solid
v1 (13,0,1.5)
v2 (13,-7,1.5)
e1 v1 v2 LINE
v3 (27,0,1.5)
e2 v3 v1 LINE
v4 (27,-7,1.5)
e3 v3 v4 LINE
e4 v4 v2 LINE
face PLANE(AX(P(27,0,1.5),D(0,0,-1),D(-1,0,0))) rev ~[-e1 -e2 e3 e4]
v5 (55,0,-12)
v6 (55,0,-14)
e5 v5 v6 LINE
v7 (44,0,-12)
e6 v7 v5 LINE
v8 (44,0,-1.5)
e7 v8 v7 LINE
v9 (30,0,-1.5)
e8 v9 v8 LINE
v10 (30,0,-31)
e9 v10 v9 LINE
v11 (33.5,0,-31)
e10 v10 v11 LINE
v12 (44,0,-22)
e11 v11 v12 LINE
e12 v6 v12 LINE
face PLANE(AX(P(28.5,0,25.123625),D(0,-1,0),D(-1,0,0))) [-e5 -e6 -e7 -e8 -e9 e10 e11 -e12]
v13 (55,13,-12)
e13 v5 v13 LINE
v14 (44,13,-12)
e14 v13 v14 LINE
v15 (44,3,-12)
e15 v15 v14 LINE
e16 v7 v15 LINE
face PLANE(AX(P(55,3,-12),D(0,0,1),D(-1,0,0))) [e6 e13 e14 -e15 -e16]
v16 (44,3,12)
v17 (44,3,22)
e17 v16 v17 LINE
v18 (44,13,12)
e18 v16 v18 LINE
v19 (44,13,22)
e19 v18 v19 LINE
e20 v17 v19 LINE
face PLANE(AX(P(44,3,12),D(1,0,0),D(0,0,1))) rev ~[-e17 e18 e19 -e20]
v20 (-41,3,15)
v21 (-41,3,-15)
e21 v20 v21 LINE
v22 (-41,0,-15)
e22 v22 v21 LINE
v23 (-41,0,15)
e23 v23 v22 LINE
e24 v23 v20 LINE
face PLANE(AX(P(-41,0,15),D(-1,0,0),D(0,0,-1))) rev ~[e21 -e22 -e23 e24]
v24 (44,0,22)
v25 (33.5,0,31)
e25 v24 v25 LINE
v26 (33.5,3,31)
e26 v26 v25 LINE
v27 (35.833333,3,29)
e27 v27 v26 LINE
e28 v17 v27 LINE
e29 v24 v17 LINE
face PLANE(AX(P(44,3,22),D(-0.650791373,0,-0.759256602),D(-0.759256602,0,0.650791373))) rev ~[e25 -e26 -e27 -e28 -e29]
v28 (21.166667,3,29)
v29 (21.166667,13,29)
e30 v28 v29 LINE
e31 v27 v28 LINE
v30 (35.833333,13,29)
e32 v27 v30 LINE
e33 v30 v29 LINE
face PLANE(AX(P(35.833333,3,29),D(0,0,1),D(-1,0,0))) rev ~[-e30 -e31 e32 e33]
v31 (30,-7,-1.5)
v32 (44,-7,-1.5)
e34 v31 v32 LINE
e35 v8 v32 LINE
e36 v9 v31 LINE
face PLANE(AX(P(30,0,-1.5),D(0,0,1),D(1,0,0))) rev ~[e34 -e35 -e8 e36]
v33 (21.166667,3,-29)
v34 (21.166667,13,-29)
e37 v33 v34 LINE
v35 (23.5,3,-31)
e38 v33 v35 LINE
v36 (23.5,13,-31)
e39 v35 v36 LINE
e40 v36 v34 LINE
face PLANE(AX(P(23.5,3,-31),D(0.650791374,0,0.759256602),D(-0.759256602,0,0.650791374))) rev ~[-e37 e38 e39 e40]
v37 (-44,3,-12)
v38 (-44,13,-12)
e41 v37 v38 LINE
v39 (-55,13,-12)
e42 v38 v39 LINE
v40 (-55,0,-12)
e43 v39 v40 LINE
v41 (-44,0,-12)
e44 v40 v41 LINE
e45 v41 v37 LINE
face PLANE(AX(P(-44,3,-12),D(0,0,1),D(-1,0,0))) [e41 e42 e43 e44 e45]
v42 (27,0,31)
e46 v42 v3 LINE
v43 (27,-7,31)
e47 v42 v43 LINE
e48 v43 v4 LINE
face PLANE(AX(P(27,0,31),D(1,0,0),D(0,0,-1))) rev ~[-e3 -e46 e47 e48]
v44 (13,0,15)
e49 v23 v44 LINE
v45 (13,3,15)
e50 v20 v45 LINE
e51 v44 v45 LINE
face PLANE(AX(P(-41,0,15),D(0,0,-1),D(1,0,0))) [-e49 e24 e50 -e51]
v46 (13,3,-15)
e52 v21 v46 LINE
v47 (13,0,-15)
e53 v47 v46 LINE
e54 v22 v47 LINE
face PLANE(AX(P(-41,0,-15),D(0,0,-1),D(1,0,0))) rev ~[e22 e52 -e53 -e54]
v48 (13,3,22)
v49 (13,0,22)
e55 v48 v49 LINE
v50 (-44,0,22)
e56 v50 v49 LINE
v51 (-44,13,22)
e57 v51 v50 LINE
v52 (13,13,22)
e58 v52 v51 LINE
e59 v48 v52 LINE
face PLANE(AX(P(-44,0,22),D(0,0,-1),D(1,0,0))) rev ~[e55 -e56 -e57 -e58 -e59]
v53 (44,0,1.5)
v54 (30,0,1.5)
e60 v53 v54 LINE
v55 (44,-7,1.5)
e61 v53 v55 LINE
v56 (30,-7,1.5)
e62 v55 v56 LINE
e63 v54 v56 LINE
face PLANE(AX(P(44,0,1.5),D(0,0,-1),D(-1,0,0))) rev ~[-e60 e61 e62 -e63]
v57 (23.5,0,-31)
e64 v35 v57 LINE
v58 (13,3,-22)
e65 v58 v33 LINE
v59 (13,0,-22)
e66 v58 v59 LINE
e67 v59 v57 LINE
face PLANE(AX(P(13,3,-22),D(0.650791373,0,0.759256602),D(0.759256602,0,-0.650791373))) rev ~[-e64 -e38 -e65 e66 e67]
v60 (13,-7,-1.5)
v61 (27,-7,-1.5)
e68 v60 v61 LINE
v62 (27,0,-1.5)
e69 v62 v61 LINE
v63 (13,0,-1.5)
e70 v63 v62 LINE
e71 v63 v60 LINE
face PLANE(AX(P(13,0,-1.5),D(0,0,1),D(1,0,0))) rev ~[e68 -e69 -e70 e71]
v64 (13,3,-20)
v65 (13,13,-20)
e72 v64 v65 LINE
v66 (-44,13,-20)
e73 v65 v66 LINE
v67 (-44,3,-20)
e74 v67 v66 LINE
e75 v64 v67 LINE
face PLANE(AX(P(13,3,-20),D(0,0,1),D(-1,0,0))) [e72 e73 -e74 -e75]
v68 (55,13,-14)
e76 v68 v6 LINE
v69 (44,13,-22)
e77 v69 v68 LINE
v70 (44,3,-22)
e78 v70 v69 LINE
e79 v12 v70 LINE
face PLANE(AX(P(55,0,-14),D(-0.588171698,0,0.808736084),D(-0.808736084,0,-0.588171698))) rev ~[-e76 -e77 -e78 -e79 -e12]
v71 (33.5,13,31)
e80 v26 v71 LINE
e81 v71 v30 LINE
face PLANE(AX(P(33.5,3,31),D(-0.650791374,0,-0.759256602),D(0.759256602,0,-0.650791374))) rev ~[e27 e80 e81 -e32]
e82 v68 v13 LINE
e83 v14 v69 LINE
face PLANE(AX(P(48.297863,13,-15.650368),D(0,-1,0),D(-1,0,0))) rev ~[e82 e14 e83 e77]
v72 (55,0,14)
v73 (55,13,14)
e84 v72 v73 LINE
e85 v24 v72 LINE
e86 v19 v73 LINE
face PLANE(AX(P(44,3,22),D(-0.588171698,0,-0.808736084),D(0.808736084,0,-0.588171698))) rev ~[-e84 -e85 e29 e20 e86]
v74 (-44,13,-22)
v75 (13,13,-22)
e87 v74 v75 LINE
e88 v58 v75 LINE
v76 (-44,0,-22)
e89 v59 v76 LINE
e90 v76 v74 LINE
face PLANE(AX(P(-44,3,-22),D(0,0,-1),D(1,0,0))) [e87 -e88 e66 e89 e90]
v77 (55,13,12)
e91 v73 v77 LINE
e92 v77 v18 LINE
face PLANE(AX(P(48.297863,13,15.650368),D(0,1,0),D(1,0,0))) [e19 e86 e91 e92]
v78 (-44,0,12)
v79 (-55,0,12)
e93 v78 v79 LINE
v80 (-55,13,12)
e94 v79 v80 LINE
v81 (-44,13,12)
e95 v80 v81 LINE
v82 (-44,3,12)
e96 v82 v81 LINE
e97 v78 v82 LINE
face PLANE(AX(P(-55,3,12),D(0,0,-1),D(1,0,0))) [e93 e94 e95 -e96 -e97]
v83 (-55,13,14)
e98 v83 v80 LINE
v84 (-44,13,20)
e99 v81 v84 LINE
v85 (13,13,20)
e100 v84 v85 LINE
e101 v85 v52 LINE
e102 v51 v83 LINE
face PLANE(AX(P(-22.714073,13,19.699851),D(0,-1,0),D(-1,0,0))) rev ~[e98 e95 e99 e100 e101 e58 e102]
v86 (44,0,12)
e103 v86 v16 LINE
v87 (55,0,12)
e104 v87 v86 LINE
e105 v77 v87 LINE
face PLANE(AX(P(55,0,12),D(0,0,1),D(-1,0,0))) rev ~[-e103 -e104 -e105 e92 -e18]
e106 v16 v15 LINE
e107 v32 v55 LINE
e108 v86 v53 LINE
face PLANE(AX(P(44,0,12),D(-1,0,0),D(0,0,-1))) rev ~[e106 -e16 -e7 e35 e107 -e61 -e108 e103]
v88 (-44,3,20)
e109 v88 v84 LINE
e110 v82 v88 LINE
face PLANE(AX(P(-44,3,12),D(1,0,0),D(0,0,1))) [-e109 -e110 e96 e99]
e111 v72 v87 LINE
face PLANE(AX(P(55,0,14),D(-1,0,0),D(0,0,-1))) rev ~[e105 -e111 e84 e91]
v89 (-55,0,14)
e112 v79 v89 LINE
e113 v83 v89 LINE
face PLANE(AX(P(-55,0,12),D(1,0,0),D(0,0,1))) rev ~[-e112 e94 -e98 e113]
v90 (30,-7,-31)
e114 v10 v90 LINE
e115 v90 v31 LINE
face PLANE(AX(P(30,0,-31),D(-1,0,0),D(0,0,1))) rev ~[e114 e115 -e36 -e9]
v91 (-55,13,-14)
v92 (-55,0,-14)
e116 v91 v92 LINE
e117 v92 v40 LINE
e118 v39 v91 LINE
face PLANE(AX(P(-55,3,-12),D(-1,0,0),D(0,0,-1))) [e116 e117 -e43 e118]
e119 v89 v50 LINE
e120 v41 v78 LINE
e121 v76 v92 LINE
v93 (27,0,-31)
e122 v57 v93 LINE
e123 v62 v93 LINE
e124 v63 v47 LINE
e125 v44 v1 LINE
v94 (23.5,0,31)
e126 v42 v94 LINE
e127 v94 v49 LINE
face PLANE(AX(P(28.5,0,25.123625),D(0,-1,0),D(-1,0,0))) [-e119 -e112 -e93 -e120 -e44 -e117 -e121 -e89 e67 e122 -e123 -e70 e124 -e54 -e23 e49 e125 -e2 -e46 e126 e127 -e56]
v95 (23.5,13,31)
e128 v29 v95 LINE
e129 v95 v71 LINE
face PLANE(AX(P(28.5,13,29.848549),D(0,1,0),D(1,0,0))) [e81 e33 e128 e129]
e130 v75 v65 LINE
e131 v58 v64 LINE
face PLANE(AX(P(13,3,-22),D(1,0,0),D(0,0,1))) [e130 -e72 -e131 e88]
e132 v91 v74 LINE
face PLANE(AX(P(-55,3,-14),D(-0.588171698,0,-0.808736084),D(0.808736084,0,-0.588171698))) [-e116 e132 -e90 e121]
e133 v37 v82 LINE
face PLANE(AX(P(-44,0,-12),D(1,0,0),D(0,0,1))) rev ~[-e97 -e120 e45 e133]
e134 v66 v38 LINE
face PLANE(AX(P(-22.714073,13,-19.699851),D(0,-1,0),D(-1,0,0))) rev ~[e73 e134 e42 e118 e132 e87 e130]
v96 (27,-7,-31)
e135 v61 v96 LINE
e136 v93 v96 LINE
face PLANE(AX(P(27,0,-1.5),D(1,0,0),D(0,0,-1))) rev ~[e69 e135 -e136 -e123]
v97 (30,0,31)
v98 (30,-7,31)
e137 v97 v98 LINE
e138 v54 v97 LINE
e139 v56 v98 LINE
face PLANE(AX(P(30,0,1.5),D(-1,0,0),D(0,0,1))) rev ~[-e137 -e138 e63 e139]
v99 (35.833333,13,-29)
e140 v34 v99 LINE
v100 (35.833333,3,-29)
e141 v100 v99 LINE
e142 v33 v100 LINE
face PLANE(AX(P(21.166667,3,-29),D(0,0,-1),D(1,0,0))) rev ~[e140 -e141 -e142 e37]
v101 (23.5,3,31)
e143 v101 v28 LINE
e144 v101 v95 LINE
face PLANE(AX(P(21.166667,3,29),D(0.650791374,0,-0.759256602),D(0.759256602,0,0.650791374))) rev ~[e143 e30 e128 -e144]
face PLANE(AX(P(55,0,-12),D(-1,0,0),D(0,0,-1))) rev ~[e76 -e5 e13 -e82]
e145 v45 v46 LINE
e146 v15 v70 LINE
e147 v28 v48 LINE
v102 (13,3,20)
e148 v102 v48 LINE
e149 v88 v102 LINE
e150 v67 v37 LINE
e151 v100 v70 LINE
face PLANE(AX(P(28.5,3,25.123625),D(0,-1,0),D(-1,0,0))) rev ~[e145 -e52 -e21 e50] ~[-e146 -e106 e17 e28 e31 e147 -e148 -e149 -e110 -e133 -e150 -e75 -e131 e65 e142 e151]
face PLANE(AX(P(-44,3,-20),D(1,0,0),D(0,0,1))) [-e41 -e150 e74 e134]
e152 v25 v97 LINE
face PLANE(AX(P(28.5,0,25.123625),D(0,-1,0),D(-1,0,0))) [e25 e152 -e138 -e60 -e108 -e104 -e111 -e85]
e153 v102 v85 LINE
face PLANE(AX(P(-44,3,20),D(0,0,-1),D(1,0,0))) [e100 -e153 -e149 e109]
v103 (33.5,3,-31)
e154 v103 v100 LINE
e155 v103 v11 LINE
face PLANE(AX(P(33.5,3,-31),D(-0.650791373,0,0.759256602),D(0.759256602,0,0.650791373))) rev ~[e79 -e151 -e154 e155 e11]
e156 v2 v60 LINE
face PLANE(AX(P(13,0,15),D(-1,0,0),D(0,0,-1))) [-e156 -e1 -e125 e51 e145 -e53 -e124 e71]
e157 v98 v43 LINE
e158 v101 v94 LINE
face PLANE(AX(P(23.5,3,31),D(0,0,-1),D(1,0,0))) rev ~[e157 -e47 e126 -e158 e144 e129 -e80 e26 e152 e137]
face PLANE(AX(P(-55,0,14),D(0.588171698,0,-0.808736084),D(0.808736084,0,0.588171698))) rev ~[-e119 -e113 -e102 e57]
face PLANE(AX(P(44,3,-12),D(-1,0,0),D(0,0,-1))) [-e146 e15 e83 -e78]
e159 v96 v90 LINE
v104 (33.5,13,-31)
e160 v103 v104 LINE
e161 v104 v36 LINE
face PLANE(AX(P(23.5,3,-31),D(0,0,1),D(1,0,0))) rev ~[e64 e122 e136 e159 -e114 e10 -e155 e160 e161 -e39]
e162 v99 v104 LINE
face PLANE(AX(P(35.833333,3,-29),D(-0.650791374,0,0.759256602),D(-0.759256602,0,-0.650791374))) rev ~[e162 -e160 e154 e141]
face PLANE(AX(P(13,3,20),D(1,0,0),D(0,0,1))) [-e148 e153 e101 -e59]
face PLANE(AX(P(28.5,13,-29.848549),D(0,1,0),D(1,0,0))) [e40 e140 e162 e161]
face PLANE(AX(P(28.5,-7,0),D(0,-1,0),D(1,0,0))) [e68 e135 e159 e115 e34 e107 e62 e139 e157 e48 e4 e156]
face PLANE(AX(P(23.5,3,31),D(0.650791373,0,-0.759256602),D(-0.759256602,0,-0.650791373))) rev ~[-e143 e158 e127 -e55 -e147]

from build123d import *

# Parameters (mm, degrees)
SKETCH2_W           = 54
SKETCH2_H           = 30
BOSS_EXTRUDE1_DEPTH = 3
BOSS_EXTRUDE2_DEPTH = 10
BOSS_EXTRUDE4_DEPTH = 3
BOSS_EXTRUDE5_DEPTH = 10
BOSS_EXTRUDE3_DEPTH = 7


with BuildPart() as part:
    # Sketch2 → Boss-Extrude1 (new body)
    with BuildSketch(Plane(origin=(0, 0, 0), x_dir=(1, 0, 0), z_dir=(0, 1, 0))):
        Polygon((-55, 12), (-44, 12), (-44, -12), (-55, -12), (-55, -14), (-44, -22), (44, -22), (55, -14), (55, -12), (44, -12), (44, 12), (55, 12), (55, 14), (44, 22), (-44, 22), (-55, 14), align=None)
        with Locations((-14, 0)):
            Rectangle(SKETCH2_W, SKETCH2_H, mode=Mode.SUBTRACT)
    extrude(amount=BOSS_EXTRUDE1_DEPTH)

    # Sketch3 → Boss-Extrude2 (add)
    with BuildSketch(Plane(origin=(0, 3, 0), x_dir=(1, 0, 0), z_dir=(0, 1, 0))):
        Polygon((13, 20), (-44, 20), (-44, 12), (-55, 12), (-55, 14), (-44, 22), (13, 22), align=None)
        Polygon((-44, -12), (-44, -20), (13, -20), (13, -22), (-44, -22), (-55, -14), (-55, -12), align=None)
        Polygon((44, 12), (44, 22), (55, 14), (55, 12), align=None)
        Polygon((44, -22), (55, -14), (55, -12), (44, -12), align=None)
    extrude(amount=BOSS_EXTRUDE2_DEPTH)

    # Sketch5 → Boss-Extrude4 (add)
    with BuildSketch(Plane(origin=(0, 3, 0), x_dir=(1, 0, 0), z_dir=(0, 1, 0))):
        Polygon((13, -22), (44, -22), (33.5, -31), (23.5, -31), align=None)
        Polygon((44, 22), (13, 22), (23.5, 31), (33.5, 31), align=None)
    extrude(amount=-BOSS_EXTRUDE4_DEPTH)

    # Sketch6 → Boss-Extrude5 (add)
    with BuildSketch(Plane(origin=(0, 3, 0), x_dir=(1, 0, 0), z_dir=(0, 1, 0))):
        Polygon((21.166666667, -29), (23.5, -31), (33.5, -31), (35.833333333, -29), align=None)
        Polygon((35.833333333, 29), (33.5, 31), (23.5, 31), (21.166666667, 29), align=None)
    extrude(amount=BOSS_EXTRUDE5_DEPTH)

    # Sketch4 → Boss-Extrude3 (add)
    with BuildSketch(Plane.XZ):
        Polygon((13, 1.5), (13, -1.5), (27, -1.5), (27, -31), (30, -31), (30, -1.5), (44, -1.5), (44, 1.5), (30, 1.5), (30, 31), (27, 31), (27, 1.5), align=None)
    extrude(amount=BOSS_EXTRUDE3_DEPTH)


solid = part.part
